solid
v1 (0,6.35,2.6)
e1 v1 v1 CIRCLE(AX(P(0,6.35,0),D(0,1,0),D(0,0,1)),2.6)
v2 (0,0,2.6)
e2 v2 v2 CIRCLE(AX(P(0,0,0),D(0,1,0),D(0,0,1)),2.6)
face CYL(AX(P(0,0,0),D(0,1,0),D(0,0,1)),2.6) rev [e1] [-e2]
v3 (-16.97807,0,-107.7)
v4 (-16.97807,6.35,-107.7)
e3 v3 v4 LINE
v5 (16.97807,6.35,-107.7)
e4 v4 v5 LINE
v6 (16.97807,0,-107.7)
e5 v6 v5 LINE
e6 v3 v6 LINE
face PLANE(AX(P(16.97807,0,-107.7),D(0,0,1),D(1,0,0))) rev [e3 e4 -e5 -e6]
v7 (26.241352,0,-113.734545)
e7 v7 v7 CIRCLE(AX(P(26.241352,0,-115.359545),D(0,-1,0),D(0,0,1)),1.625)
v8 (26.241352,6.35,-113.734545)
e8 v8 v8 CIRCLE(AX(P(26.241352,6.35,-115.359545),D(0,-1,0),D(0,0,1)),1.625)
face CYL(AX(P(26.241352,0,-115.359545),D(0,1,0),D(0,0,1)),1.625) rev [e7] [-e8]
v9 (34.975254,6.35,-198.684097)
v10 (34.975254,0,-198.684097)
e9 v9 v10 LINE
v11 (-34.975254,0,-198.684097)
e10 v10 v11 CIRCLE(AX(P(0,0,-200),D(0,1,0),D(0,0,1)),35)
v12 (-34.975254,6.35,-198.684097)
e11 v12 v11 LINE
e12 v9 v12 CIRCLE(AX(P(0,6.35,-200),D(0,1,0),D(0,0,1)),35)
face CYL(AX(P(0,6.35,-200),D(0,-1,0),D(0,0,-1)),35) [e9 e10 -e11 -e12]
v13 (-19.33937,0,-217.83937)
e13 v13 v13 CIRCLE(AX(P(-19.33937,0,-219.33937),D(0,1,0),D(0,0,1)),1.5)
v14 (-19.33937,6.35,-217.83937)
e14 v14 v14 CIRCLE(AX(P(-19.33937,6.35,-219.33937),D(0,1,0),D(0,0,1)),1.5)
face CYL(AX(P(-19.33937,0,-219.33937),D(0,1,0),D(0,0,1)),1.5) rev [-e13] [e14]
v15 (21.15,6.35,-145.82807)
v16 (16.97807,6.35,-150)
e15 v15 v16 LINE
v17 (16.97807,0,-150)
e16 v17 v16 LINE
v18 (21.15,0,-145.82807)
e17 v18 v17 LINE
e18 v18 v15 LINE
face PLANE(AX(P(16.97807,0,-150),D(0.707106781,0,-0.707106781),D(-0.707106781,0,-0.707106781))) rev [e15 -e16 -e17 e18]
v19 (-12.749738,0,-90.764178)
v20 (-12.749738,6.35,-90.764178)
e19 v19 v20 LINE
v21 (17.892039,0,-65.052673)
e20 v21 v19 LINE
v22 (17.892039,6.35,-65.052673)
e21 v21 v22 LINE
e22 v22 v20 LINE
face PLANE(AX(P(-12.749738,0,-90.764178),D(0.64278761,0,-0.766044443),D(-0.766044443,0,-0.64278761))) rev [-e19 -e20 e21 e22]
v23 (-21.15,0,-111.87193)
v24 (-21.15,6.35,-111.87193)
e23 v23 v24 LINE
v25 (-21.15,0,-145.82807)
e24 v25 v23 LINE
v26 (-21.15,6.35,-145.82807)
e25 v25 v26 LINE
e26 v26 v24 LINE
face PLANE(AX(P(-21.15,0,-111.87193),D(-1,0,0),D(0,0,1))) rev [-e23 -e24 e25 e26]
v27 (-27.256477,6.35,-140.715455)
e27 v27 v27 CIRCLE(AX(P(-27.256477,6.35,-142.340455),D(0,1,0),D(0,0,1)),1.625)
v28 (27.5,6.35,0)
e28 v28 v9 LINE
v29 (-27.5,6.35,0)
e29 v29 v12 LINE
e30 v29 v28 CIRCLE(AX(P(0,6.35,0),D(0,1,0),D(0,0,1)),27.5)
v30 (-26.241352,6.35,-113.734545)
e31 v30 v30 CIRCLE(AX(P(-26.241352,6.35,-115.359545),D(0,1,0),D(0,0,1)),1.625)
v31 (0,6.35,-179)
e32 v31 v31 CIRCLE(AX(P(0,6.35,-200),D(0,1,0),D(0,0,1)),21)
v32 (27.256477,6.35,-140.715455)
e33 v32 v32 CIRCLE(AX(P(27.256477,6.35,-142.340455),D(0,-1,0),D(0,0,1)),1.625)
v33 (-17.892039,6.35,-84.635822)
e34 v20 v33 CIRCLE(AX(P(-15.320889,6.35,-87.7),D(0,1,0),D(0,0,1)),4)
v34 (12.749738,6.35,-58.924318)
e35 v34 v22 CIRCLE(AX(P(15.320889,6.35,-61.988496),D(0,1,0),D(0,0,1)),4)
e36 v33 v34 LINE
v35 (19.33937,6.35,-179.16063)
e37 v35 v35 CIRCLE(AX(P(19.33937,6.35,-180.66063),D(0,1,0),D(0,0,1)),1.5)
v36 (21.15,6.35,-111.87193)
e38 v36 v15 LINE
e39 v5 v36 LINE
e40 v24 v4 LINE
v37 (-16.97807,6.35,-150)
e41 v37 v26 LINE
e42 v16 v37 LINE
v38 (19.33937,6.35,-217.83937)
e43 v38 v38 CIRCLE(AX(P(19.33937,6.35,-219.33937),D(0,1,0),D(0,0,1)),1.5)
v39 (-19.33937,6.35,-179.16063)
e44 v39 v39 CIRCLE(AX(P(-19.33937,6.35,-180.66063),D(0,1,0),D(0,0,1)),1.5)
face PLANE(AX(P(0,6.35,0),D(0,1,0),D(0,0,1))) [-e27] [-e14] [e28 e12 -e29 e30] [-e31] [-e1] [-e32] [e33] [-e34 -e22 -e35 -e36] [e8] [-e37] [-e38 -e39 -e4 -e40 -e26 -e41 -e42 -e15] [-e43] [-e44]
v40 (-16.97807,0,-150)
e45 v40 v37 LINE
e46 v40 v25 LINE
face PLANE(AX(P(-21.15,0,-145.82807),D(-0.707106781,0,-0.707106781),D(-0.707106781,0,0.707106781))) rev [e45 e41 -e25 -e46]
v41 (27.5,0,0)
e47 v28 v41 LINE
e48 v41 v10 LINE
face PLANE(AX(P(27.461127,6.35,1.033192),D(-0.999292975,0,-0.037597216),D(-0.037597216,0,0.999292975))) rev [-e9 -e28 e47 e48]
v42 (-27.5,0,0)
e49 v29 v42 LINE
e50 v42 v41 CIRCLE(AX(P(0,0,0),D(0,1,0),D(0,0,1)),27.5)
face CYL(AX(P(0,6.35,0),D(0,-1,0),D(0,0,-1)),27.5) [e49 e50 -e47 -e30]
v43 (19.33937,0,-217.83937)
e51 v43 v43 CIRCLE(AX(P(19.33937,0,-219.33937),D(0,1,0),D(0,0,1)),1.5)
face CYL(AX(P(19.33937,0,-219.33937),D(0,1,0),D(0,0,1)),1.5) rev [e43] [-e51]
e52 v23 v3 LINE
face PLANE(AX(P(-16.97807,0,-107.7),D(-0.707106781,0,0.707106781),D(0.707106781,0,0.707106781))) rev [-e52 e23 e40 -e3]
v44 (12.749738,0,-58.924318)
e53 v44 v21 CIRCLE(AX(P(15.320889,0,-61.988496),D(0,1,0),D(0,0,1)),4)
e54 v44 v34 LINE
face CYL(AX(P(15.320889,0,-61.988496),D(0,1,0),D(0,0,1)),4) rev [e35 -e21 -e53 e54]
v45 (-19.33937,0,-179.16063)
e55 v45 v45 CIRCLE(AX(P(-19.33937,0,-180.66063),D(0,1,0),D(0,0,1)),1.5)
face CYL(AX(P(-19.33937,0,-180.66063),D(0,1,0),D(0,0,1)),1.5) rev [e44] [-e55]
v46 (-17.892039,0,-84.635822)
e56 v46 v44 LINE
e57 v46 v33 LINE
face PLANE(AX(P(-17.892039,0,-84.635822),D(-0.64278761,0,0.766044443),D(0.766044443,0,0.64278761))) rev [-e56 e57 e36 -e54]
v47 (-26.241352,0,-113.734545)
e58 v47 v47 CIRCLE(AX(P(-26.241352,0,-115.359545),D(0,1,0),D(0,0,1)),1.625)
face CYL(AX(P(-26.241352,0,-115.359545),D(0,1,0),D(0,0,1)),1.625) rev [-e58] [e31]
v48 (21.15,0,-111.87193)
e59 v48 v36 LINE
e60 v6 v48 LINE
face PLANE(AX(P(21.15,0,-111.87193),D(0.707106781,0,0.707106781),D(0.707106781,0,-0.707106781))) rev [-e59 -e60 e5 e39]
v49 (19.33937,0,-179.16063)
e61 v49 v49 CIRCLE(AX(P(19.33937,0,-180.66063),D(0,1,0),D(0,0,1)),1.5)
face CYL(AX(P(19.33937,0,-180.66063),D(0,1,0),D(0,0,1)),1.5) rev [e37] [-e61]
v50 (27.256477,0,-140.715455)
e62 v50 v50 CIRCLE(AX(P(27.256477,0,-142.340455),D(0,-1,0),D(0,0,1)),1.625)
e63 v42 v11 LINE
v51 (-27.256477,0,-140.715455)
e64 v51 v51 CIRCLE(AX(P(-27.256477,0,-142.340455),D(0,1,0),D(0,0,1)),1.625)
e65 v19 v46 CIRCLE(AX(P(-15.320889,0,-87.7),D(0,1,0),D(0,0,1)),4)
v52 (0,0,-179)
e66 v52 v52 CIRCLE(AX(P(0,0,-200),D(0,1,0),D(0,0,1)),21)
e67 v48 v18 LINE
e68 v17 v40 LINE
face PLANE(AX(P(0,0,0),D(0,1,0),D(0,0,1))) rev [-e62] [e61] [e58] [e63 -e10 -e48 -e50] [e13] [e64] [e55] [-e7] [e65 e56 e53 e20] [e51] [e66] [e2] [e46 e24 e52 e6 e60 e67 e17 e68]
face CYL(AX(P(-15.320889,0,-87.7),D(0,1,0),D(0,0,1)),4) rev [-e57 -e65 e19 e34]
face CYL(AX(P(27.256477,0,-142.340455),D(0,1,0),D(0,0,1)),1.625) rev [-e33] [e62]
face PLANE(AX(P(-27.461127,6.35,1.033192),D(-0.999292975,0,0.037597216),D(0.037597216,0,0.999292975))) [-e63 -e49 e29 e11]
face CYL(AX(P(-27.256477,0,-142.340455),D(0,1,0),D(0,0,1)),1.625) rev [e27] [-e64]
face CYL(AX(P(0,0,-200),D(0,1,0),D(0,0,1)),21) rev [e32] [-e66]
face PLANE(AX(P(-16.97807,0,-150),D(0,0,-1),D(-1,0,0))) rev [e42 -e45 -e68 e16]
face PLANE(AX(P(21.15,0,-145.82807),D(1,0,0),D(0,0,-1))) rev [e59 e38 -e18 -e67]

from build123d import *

# Parameters (mm, degrees)
BOSS_EXTRUDE1_DEPTH     = 6.35
SKETCH2_R               = 2.6
CUT_EXTRUDE1_DEPTH      = 238.676928834
ESQUISSE3_R             = 21
ENL_V_MAT_EXTRU_2_DEPTH = 238.676928834
ESQUISSE7_R             = 1.5
ENL_V_MAT_EXTRU_3_DEPTH = 238.676928834
CUT_EXTRUDE2_DEPTH      = 238.676928834
SKETCH5_R               = 1.625
CUT_EXTRUDE3_DEPTH      = 238.676928834
CUT_EXTRUDE5_DEPTH      = 238.676928834


with BuildPart() as part:
    # Sketch1 → Boss-Extrude1 (new body)
    with BuildSketch(Plane(origin=(0, 0, 0), x_dir=(1, 0, 0), z_dir=(0, 1, 0))):
        with BuildLine():
            Line((27.5, 0), (34.975254116, 198.684097441))
            ThreePointArc((34.975254116, 198.684097441), (0, 235), (-34.975254116, 198.684097441))
            Line((-34.975254116, 198.684097441), (-27.5, 0))
            ThreePointArc((-27.5, 0), (0, -27.5), (27.5, 0))
        make_face()
    extrude(amount=BOSS_EXTRUDE1_DEPTH)

    # Sketch2 → Cut-Extrude1 (cut, through all)
    with BuildSketch(Plane(origin=(0, 6.35, 0), x_dir=(1, 0, 0), z_dir=(0, 1, 0))):
        with Locations(Location((0, 0, 0), (0, 0, 270))):
            Circle(SKETCH2_R)
    extrude(amount=-CUT_EXTRUDE1_DEPTH, mode=Mode.SUBTRACT)

    # Esquisse3 → Enlèv. mat.-Extru.2 (cut, through all)
    with BuildSketch(Plane(origin=(0, 6.35, 0), x_dir=(1, 0, 0), z_dir=(0, 1, 0))):
        with Locations(Location((0, 200, 0), (0, 0, 270))):
            Circle(ESQUISSE3_R)
    extrude(amount=-ENL_V_MAT_EXTRU_2_DEPTH, mode=Mode.SUBTRACT)

    # Esquisse7 → Enlèv. mat.-Extru.3 (cut, through all)
    with BuildSketch(Plane(origin=(0, 6.35, 0), x_dir=(1, 0, 0), z_dir=(0, 1, 0))):
        with Locations(Location((-19.339370465, 219.339370465, 0), (0, 0, 270))):
            Circle(ESQUISSE7_R)
        with Locations(Location((19.339370465, 219.339370465, 0), (0, 0, 270))):
            Circle(ESQUISSE7_R)
        with Locations(Location((19.339370465, 180.660629535, 0), (0, 0, 270))):
            Circle(ESQUISSE7_R)
        with Locations(Location((-19.339370465, 180.660629535, 0), (0, 0, 270))):
            Circle(ESQUISSE7_R)
    extrude(amount=-ENL_V_MAT_EXTRU_3_DEPTH, mode=Mode.SUBTRACT)

    # Sketch3 → Cut-Extrude2 (cut, through all)
    with BuildSketch(Plane(origin=(0, 6.35, 0), x_dir=(1, 0, 0), z_dir=(0, 1, 0))):
        Polygon((21.15, 145.828069991), (21.15, 111.871930009), (16.978069991, 107.7), (-16.978069991, 107.7), (-21.15, 111.871930009), (-21.15, 145.828069991), (-16.978069991, 150), (16.978069991, 150), align=None)
    extrude(amount=-CUT_EXTRUDE2_DEPTH, mode=Mode.SUBTRACT)

    # Sketch5 → Cut-Extrude3 (cut, through all)
    with BuildSketch(Plane(origin=(0, 6.35, 0), x_dir=(1, 0, 0), z_dir=(0, 1, 0))):
        with Locations(Location((-27.256476824, 142.340455159, 0), (0, 0, 270))):
            Circle(SKETCH5_R)
        with Locations(Location((-26.241351992, 115.359544841, 0), (0, 0, 270))):
            Circle(SKETCH5_R)
    cut_extrude3 = extrude(amount=-CUT_EXTRUDE3_DEPTH, mode=Mode.SUBTRACT)

    # Mirror1: Cut-Extrude3 across plane
    add(cut_extrude3.mirror(Plane(origin=(0, 0, 0), x_dir=(0, 0, 1), z_dir=(1, 0, 0))), mode=Mode.SUBTRACT)

    # Sketch8 → Cut-Extrude5 (cut, through all)
    with BuildSketch(Plane(origin=(0, 6.35, 0), x_dir=(1, 0, 0), z_dir=(0, 1, 0))):
        with BuildLine():
            Line((-12.749738424, 90.764177772), (17.892039301, 65.052673385))
            ThreePointArc((17.892039301, 65.052673385), (18.385066635, 59.417345174), (12.749738424, 58.92431784))
            Line((12.749738424, 58.92431784), (-17.892039301, 84.635822228))
            ThreePointArc((-17.892039301, 84.635822228), (-18.385066635, 90.271150439), (-12.749738424, 90.764177772))
        make_face()
    extrude(amount=-CUT_EXTRUDE5_DEPTH, mode=Mode.SUBTRACT)


solid = part.part
